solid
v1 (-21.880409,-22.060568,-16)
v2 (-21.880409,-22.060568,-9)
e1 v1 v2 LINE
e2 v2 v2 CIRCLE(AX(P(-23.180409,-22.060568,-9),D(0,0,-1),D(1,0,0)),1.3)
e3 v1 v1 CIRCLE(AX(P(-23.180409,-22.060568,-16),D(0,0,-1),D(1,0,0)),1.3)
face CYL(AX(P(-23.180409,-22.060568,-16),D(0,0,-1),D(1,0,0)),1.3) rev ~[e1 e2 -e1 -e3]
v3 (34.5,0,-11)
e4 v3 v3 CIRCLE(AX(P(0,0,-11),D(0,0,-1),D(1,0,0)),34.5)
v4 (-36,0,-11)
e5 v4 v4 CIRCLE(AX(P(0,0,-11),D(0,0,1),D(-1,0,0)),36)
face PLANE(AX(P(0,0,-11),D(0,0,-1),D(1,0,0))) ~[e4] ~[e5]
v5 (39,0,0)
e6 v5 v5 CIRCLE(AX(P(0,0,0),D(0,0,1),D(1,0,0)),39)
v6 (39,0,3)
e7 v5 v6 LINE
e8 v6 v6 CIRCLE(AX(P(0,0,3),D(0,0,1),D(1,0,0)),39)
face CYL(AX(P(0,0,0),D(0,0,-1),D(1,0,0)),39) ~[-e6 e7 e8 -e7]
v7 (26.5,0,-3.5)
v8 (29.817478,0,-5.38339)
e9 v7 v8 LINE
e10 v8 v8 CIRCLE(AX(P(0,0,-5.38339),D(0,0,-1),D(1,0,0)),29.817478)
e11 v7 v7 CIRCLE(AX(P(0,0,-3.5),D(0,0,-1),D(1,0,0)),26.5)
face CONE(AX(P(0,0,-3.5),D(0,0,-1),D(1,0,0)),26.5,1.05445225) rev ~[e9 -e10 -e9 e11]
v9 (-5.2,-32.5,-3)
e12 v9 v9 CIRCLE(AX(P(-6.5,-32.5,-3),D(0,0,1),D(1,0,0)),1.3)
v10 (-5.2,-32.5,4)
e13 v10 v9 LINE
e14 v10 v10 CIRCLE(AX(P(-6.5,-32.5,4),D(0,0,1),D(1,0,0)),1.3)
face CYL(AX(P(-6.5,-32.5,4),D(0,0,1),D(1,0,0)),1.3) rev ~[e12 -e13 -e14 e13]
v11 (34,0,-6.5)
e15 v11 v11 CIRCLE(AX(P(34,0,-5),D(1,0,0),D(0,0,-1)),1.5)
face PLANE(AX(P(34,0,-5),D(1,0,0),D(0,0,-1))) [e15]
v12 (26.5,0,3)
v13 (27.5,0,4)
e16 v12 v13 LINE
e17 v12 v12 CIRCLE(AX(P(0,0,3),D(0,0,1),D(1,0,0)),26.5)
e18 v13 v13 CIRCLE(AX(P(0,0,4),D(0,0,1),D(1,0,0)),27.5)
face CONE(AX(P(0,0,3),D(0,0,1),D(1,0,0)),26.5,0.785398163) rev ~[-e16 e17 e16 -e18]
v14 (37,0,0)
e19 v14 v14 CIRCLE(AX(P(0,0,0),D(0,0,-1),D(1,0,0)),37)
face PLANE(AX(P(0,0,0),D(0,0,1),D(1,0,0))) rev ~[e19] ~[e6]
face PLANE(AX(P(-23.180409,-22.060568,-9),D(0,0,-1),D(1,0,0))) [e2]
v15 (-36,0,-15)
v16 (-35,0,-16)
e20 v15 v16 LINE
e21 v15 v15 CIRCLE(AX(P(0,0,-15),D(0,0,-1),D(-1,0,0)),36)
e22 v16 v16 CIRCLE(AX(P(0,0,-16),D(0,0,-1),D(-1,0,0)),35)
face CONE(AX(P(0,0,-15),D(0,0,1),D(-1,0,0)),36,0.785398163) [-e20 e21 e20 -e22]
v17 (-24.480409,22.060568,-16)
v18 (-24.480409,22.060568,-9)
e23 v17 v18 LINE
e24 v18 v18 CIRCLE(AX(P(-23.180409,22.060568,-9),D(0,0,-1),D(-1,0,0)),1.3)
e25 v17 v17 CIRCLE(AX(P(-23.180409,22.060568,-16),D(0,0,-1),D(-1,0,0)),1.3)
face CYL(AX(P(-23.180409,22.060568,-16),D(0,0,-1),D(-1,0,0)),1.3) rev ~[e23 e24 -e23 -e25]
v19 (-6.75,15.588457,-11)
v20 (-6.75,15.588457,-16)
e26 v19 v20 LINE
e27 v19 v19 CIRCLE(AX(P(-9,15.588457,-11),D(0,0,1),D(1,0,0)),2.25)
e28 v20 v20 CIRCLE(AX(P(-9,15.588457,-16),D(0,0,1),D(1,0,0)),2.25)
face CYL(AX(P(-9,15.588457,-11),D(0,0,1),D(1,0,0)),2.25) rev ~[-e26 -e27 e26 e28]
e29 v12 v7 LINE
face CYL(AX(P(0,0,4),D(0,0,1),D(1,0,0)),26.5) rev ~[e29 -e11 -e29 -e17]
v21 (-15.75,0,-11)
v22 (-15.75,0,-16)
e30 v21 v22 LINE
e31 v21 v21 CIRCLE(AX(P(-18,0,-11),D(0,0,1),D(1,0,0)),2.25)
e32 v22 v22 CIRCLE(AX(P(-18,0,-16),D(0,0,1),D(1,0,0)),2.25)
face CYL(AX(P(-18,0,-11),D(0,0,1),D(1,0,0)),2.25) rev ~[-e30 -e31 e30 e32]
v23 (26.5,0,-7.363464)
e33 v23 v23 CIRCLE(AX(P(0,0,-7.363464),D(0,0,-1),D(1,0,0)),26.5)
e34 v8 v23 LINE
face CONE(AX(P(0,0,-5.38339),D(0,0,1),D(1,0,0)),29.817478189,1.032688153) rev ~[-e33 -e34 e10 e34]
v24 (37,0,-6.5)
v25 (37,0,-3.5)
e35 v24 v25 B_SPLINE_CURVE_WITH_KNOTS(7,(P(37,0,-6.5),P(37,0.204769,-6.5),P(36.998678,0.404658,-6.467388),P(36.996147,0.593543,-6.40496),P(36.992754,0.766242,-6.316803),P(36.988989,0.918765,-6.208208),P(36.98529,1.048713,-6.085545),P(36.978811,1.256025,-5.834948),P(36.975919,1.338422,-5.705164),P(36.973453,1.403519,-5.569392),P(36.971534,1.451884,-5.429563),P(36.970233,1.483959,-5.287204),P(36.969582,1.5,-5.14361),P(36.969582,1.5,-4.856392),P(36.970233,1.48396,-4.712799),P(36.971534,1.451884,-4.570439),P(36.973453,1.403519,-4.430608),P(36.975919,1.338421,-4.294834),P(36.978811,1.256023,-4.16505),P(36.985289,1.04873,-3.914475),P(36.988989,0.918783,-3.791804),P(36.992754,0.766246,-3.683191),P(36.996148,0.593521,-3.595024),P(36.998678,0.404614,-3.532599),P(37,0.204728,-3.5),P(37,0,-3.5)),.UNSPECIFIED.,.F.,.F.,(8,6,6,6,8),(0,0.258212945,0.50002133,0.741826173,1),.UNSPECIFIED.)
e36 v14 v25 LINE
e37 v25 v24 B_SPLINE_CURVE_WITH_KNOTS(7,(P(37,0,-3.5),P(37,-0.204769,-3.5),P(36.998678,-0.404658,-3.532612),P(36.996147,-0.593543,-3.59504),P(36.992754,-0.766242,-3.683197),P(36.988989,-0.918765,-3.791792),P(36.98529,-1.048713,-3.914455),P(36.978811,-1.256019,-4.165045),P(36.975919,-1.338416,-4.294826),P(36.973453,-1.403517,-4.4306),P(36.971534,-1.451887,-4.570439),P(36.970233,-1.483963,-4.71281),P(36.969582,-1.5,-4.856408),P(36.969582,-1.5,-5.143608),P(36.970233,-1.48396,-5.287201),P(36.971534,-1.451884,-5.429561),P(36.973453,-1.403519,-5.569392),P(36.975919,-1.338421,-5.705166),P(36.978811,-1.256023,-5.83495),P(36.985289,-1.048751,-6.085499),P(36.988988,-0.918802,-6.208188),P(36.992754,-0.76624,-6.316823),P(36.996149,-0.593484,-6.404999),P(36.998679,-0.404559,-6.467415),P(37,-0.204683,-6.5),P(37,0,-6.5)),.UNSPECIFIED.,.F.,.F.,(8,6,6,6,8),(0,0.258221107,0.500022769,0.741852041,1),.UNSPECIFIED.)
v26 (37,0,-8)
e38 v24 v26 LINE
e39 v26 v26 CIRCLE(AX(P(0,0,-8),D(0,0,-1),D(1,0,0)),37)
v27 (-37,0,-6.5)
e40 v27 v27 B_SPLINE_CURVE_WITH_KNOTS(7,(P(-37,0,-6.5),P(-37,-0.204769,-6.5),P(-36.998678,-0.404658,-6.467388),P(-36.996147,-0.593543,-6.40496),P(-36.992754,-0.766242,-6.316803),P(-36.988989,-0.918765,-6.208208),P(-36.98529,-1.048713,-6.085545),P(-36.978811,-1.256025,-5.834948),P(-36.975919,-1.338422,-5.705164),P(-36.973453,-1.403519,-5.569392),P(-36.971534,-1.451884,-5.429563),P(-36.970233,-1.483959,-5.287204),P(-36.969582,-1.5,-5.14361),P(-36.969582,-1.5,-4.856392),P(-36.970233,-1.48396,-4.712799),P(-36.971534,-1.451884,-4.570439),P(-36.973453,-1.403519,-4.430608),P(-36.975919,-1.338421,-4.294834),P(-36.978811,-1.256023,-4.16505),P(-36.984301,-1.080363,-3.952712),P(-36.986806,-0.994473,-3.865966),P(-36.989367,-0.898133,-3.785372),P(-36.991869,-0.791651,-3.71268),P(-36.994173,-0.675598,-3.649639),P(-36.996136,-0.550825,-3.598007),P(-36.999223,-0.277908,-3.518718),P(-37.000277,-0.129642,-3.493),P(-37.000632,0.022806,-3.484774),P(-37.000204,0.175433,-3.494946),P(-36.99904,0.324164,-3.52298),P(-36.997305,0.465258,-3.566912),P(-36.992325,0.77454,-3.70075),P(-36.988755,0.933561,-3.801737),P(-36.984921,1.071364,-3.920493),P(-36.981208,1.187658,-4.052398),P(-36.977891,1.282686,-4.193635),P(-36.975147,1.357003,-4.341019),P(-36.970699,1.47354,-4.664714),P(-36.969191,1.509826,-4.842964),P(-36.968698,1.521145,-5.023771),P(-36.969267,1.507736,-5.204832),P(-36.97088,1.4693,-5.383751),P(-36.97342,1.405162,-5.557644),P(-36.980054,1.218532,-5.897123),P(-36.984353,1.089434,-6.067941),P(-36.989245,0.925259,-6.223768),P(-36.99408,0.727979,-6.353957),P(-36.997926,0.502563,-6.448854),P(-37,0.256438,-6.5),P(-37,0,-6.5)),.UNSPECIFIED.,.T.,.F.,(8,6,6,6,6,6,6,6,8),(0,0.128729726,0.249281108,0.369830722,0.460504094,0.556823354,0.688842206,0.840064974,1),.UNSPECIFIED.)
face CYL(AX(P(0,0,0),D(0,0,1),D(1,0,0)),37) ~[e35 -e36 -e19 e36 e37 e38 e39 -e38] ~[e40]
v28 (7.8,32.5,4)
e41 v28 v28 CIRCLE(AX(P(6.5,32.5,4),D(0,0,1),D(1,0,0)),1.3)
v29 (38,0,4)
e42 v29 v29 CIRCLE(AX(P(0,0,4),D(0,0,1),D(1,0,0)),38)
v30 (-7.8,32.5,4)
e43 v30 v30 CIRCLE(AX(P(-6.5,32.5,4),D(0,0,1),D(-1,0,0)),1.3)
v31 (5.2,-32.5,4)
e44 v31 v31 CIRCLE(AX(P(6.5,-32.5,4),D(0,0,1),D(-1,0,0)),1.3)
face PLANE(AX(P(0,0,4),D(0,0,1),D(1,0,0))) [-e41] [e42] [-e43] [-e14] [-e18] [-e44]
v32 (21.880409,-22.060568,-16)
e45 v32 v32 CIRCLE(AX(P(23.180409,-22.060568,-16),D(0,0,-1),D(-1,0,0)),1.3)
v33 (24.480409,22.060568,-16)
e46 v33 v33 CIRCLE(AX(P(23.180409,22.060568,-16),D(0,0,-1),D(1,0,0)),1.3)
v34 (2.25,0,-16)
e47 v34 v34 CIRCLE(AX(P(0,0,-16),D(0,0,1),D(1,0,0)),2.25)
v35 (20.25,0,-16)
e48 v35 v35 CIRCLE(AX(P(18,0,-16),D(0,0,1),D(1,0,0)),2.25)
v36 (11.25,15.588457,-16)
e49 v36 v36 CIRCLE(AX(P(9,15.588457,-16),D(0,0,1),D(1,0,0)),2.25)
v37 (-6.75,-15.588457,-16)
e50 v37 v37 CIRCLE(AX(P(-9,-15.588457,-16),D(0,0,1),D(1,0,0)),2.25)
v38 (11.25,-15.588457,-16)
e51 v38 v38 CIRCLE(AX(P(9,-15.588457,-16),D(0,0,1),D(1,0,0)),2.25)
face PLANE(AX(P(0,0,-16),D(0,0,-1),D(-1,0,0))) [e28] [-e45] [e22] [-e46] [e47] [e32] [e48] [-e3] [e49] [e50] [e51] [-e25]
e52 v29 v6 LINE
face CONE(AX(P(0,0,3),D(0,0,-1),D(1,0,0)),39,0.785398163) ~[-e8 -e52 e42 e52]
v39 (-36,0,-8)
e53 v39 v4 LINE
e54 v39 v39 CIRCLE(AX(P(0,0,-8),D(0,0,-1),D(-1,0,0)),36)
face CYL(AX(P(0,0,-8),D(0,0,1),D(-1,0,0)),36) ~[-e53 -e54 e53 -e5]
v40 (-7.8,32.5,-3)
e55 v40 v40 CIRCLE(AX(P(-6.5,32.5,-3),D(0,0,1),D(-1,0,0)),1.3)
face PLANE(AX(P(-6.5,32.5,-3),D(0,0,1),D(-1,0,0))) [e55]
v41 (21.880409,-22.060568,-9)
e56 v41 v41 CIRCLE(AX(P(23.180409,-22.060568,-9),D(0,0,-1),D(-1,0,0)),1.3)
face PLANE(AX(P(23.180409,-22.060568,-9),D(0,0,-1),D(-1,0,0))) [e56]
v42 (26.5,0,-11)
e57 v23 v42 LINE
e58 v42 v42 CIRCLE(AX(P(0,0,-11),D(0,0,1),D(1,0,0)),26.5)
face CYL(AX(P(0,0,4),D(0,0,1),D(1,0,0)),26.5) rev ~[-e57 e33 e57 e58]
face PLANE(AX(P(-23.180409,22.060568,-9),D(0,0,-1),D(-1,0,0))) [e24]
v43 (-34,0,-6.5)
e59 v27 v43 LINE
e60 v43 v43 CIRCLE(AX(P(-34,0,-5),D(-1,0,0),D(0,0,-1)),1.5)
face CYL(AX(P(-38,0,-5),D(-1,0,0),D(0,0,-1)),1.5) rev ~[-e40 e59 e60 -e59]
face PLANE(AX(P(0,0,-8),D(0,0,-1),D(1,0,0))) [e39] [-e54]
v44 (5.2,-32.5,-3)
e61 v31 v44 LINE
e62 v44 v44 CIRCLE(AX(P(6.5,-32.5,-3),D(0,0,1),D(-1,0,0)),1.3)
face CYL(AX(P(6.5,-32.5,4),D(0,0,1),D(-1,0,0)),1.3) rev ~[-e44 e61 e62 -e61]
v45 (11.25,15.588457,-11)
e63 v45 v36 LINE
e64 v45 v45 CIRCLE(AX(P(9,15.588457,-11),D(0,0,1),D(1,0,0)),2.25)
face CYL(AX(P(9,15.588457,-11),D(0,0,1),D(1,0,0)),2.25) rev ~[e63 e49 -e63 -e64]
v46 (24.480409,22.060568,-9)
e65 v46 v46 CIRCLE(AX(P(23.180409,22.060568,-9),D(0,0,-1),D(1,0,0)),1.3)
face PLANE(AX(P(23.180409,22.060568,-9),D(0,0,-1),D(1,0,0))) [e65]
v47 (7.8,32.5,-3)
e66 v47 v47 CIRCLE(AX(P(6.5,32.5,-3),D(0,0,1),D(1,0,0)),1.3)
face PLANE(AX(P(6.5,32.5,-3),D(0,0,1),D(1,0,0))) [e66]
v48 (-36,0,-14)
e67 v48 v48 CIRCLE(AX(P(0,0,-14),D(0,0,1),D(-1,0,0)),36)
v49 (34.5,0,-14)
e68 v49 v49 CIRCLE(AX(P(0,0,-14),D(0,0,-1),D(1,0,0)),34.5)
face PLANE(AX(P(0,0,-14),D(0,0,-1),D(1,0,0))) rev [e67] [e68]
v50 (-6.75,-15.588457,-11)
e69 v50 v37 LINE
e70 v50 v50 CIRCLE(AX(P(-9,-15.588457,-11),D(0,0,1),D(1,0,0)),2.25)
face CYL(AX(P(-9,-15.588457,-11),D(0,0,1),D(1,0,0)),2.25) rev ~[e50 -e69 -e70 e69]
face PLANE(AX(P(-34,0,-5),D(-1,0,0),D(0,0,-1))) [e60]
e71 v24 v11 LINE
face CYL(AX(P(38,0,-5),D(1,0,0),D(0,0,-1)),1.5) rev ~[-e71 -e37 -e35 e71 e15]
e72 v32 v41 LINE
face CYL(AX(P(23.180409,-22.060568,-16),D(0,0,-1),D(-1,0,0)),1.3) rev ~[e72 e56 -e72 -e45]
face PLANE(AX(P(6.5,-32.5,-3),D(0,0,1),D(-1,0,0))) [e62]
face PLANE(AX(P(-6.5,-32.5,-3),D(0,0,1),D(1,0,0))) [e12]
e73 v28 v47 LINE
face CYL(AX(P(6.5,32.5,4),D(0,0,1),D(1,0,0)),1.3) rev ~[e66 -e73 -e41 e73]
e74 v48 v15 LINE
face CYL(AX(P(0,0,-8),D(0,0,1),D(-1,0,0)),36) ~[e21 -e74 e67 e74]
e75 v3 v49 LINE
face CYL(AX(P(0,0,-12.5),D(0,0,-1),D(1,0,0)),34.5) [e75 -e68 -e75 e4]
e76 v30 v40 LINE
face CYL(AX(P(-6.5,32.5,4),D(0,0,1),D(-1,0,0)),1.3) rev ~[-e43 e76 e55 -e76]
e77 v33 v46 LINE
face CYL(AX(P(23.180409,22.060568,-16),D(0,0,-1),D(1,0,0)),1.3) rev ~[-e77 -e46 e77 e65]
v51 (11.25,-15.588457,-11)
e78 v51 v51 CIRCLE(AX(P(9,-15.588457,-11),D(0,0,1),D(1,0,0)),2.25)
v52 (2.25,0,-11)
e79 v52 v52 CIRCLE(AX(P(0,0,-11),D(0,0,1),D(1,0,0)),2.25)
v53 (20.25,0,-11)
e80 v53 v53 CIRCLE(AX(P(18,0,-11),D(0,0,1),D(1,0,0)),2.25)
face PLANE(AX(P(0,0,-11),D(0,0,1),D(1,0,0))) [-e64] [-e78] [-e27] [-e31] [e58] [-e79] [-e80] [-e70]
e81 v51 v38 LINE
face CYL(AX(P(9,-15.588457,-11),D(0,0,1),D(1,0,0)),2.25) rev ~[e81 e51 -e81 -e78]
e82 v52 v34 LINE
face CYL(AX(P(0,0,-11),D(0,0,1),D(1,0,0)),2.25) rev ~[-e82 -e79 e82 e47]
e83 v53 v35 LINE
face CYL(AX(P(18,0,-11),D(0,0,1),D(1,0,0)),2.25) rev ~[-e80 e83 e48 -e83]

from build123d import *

# Parameters (mm, degrees)
SKETCH_1_R               = 39
EXTRUDE_1_DEPTH          = 4
SKETCH_3_R               = 37
EXTRUDE_2_DEPTH          = 8
SKETCH_4_R               = 36
EXTRUDE_3_DEPTH          = 8
SKETCH_5_W               = 3
SKETCH_5_H               = 1.5
SKETCH_7_R               = 27
CUT_EXTRUDE_1_DEPTH      = 17
CHAMFER_2_SIZE           = 1
SKETCH_18_R              = 1.3
CUT_EXTRUDE_6_DEPTH      = 7
EXTRUDE_START            = 17
SKETCH_19_R              = 27
EXTRUDE_4_DEPTH          = 17
SKETCH_20_R              = 26.5
CUT_EXTRUDE_7_DEPTH      = 15
SKETCH_21_R              = 2.25
CUT_EXTRUDE_8_DEPTH      = 15
SKETCH_23_R              = 1.3
CUT_EXTRUDE_9_DEPTH      = 7
CUT_EXTRUDE_START        = 38
SKETCH_25_R              = 1.5
CUT_EXTRUDE_11_DEPTH     = 4
PATTERN_CIRCULAR_2_COUNT = 2
CHAMFER_3_SIZE           = 1


with BuildPart() as part:
    # Sketch 1 → Бобышка-Вытянуть1 (new body)
    with BuildSketch(Plane.XY):
        Circle(SKETCH_1_R)
    extrude(amount=EXTRUDE_1_DEPTH)

    # Эскиз3 → Бобышка-Вытянуть2 (add)
    with BuildSketch(Plane(origin=(0, 0, 0), x_dir=(-1, 0, 0), z_dir=(0, 0, -1))):
        with Locations(Location((0, 0, 0), (0, 0, 180))):
            Circle(SKETCH_3_R)
    extrude(amount=EXTRUDE_2_DEPTH)

    # Эскиз4 → Бобышка-Вытянуть3 (add)
    with BuildSketch(Plane(origin=(0, 0, -8), x_dir=(-1, 0, 0), z_dir=(0, 0, -1))):
        Circle(SKETCH_4_R)
    extrude(amount=EXTRUDE_3_DEPTH)

    # Эскиз5 → Вырез-Повернуть1 (revolve, cut)
    with BuildSketch(Plane(origin=(0, 0, 0), x_dir=(0, 0, -1), z_dir=(1, 0, 0)), mode=Mode.PRIVATE) as cut_revolve_1_sk:
        with Locations((12.5, 35.25)):
            Rectangle(SKETCH_5_W, SKETCH_5_H)
    revolve(cut_revolve_1_sk.sketch.rotate(Axis((0, 0, 46.650977883), (0, 0, -1)), 90), axis=Axis((0, 0, 46.650977883), (0, 0, -1)), mode=Mode.SUBTRACT)

    # Эскиз7 → Вырез-Вытянуть1 (cut)
    with BuildSketch(Plane(origin=(0, 0, -16), x_dir=(-1, 0, 0), z_dir=(0, 0, -1))):
        Circle(SKETCH_7_R)
    extrude(amount=-CUT_EXTRUDE_1_DEPTH, mode=Mode.SUBTRACT)

    # Фаска2
    chamfer_2_edges = [part.edges().sort_by_distance(p)[0] for p in [
        (36, 0, -16),
    ]]
    chamfer(chamfer_2_edges, length=CHAMFER_2_SIZE)

    # Эскиз18 → Вырез-Вытянуть6 (cut)
    with BuildSketch(Plane.XY.offset(4)):
        with Locations((6.5, 32.5)):
            Circle(SKETCH_18_R)
        with Locations(Location((-6.5, 32.5, 0), (0, 0, 180))):
            Circle(SKETCH_18_R)
        with Locations(Location((6.5, -32.5, 0), (0, 0, 180))):
            Circle(SKETCH_18_R)
        with Locations((-6.5, -32.5)):
            Circle(SKETCH_18_R)
    extrude(amount=-CUT_EXTRUDE_6_DEPTH, mode=Mode.SUBTRACT)

    # Эскиз19 → Бобышка-Вытянуть4 (add)
    with BuildSketch(Plane(origin=(0, 0, 1), x_dir=(-1, 0, 0), z_dir=(0, 0, -1)).offset(EXTRUDE_START)):
        Circle(SKETCH_19_R)
    extrude(amount=-EXTRUDE_4_DEPTH)

    # Эскиз20 → Вырез-Вытянуть7 (cut)
    with BuildSketch(Plane.XY.offset(4)):
        Circle(SKETCH_20_R)
    extrude(amount=-CUT_EXTRUDE_7_DEPTH, mode=Mode.SUBTRACT)

    # Эскиз21 → Вырез-Вытянуть8 (cut)
    with BuildSketch(Plane.XY.offset(-11)):
        with Locations((-18, 0)):
            Circle(SKETCH_21_R)
        with Locations((-9, 15.588457268)):
            Circle(SKETCH_21_R)
        with Locations((9, 15.588457268)):
            Circle(SKETCH_21_R)
        with Locations((18, 0)):
            Circle(SKETCH_21_R)
        with Locations((9, -15.588457268)):
            Circle(SKETCH_21_R)
        with Locations((-9, -15.588457268)):
            Circle(SKETCH_21_R)
        Circle(SKETCH_21_R)
    extrude(amount=-CUT_EXTRUDE_8_DEPTH, mode=Mode.SUBTRACT)

    # Эскиз22 → Вырез-Повернуть2 (revolve, cut)
    with BuildSketch(Plane(origin=(0, 0, 0), x_dir=(0, 0, -1), z_dir=(1, 0, 0)), mode=Mode.PRIVATE) as cut_revolve_2_sk:
        Polygon((3.5, 26.5), (5.383390473, 29.817478189), (7.363463637, 26.5), align=None)
    revolve(cut_revolve_2_sk.sketch.rotate(Axis((0, 0, 32.005569053), (0, 0, -1)), 90), axis=Axis((0, 0, 32.005569053), (0, 0, -1)), mode=Mode.SUBTRACT)

    # Эскиз23 → Вырез-Вытянуть9 (cut)
    with BuildSketch(Plane(origin=(0, 0, -16), x_dir=(-1, 0, 0), z_dir=(0, 0, -1))):
        with Locations((23.180408503, 22.060568026)):
            Circle(SKETCH_23_R)
        with Locations(Location((-23.180408503, 22.060568026, 0), (0, 0, 180))):
            Circle(SKETCH_23_R)
        with Locations(Location((23.180408503, -22.060568026, 0), (0, 0, 180))):
            Circle(SKETCH_23_R)
        with Locations((-23.180408503, -22.060568026)):
            Circle(SKETCH_23_R)
    extrude(amount=-CUT_EXTRUDE_9_DEPTH, mode=Mode.SUBTRACT)

    # Эскиз25 → Вырез-Вытянуть11 (cut)
    with BuildSketch(Plane(origin=(0, 0, 0), x_dir=(0, 0, -1), z_dir=(1, 0, 0)).offset(CUT_EXTRUDE_START)):
        with Locations((5, 0)):
            Circle(SKETCH_25_R)
    cut_extrude_11 = extrude(amount=-CUT_EXTRUDE_11_DEPTH, mode=Mode.SUBTRACT)

    # Круговой массив2: Вырез-Вытянуть11 ×2 about axis
    pattern_circular_2_axis = Axis((0, 0, -8), (0, 0, 1))
    for i in range(1, PATTERN_CIRCULAR_2_COUNT):
        add(cut_extrude_11.rotate(pattern_circular_2_axis, i * 360 / PATTERN_CIRCULAR_2_COUNT), mode=Mode.SUBTRACT)

    # Фаска3
    chamfer_3_edges = [part.edges().sort_by_distance(p)[0] for p in [
        (-39, 0, 4),
        (-26.5, 0, 4),
    ]]
    chamfer(chamfer_3_edges, length=CHAMFER_3_SIZE)


solid = part.part
